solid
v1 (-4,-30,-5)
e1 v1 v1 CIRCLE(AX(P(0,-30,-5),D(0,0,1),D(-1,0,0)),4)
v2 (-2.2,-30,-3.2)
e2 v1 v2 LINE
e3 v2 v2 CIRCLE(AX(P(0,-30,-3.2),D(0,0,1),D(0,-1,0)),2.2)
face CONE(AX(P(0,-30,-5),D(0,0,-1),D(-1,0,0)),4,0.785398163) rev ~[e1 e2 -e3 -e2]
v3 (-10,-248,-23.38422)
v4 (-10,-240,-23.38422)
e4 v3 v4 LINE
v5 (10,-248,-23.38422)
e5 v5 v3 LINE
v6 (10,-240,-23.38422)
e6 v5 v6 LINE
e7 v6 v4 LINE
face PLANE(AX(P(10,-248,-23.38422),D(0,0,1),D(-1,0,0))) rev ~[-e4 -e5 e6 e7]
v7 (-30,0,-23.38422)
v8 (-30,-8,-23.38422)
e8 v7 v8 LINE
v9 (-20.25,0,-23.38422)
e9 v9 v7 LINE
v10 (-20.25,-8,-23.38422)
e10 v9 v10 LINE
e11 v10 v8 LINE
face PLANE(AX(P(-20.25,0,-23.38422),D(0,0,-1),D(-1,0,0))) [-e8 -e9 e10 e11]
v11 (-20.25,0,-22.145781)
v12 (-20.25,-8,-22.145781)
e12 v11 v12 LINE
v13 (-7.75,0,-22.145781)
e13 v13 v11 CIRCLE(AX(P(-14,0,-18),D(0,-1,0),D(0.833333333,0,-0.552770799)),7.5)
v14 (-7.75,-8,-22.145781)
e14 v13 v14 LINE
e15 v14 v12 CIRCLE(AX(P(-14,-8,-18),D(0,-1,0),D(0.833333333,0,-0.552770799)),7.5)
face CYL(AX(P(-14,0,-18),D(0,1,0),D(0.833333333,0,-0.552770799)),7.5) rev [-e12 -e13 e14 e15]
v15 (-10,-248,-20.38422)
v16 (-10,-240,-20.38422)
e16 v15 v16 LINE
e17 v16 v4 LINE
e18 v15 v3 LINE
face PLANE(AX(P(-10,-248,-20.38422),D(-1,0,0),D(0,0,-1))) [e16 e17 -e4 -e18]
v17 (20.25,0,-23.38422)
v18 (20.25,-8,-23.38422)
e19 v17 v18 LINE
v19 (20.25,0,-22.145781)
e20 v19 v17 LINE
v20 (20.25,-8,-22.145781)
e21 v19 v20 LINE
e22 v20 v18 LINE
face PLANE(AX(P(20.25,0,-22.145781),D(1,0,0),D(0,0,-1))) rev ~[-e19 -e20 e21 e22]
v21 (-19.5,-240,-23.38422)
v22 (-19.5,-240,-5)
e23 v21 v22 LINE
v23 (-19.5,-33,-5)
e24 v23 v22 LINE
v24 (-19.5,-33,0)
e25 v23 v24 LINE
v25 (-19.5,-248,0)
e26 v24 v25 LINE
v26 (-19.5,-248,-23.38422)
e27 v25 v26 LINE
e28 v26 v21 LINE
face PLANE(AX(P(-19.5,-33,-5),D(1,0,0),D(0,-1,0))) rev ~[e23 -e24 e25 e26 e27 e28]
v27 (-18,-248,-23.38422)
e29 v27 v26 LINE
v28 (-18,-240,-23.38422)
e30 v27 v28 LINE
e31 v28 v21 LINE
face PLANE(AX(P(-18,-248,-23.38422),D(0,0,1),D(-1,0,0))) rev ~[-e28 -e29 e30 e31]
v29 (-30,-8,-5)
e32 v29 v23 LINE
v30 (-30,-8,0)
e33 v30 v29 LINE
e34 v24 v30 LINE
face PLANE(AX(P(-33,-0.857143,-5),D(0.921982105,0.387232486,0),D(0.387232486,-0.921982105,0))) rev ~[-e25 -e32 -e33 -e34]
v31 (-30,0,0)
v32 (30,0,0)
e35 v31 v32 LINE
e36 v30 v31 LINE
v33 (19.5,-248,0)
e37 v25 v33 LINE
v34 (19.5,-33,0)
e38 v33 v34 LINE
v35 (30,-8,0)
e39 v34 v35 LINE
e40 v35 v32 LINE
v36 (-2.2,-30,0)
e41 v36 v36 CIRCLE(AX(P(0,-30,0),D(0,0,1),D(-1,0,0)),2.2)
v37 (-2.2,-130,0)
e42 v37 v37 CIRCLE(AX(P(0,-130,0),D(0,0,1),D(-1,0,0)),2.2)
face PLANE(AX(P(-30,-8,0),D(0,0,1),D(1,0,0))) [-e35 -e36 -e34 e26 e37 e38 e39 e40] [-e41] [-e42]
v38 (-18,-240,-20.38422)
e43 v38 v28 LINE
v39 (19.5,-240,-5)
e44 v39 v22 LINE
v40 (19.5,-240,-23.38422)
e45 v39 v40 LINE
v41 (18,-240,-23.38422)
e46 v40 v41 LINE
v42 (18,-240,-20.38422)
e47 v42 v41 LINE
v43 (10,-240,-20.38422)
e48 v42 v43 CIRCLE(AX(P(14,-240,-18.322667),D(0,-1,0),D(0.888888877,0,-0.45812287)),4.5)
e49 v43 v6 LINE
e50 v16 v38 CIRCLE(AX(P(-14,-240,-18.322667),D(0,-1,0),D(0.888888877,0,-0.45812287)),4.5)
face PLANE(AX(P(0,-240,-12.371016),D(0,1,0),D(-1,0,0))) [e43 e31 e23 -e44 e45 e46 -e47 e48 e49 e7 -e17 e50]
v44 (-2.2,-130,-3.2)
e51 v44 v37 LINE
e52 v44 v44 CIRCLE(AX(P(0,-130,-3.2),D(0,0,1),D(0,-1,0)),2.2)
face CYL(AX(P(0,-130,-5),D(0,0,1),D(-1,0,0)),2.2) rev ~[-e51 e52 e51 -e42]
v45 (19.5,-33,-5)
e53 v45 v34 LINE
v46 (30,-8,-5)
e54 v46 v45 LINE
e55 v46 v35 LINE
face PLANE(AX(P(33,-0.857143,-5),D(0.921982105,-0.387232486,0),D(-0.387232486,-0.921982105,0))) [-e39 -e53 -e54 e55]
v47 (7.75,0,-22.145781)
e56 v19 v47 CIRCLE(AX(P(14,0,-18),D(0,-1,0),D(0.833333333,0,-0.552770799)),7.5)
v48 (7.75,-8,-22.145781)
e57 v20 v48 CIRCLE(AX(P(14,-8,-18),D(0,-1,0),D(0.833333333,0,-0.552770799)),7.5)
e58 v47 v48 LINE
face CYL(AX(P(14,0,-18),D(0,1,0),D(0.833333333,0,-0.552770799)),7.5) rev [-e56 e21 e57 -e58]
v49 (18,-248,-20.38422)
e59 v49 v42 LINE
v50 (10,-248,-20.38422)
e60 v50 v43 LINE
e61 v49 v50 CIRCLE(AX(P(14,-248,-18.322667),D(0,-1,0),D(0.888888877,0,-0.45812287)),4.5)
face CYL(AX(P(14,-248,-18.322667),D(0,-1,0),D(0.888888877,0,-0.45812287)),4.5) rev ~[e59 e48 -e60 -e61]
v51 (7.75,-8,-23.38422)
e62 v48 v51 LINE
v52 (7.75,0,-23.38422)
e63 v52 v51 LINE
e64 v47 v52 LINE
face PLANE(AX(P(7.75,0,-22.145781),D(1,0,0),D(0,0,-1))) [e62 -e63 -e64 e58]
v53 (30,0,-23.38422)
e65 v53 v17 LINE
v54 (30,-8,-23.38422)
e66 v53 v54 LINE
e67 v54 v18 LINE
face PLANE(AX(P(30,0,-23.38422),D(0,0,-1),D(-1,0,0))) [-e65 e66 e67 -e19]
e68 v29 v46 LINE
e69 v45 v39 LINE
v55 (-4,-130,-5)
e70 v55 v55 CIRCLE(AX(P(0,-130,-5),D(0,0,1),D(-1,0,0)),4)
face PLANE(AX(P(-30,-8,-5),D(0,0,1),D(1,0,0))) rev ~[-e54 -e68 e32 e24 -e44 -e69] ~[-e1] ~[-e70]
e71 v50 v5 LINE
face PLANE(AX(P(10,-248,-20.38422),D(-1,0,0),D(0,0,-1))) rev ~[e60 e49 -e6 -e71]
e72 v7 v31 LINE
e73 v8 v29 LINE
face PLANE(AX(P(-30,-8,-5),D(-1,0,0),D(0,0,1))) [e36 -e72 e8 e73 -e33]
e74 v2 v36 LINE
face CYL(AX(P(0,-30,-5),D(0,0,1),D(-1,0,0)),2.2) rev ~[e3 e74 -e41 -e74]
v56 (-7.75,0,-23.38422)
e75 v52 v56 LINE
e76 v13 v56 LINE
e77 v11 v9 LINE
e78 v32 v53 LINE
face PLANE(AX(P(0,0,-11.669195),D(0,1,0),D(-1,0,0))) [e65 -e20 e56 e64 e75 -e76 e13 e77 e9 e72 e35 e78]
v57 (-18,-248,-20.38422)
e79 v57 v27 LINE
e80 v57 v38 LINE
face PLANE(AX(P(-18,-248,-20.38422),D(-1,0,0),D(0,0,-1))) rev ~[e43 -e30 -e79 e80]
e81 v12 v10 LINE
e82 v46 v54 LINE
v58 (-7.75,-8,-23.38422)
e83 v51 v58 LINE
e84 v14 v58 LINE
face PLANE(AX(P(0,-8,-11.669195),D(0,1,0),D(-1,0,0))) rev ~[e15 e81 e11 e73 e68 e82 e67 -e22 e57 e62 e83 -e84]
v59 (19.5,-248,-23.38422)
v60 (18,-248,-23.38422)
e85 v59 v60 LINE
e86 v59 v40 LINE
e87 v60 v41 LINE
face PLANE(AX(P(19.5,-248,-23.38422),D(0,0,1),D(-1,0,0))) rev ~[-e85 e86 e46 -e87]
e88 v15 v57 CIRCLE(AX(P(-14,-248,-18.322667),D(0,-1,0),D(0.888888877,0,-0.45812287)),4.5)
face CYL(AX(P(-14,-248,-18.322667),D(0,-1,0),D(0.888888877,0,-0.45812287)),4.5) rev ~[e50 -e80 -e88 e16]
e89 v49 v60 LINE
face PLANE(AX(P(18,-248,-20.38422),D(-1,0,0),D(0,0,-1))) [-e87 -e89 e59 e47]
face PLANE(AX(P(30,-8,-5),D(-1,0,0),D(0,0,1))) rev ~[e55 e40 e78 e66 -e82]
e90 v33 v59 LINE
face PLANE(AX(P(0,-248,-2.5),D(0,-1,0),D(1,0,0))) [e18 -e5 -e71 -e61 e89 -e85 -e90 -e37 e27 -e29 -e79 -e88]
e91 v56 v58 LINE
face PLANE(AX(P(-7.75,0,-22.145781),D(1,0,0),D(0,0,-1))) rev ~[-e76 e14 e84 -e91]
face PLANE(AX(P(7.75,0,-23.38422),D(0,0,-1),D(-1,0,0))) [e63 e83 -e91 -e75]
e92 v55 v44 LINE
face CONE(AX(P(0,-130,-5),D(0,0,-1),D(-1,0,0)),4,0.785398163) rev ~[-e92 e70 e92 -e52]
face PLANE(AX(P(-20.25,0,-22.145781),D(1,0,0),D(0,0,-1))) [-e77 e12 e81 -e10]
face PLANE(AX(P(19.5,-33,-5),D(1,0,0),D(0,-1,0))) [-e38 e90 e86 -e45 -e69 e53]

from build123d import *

# Parameters (mm, degrees)
PAD_DEPTH        = 8
SKETCH001_W      = 60
SKETCH001_H      = 5
PAD001_DEPTH     = 240
POCKET_DEPTH     = 5.001
POCKET001_DEPTH  = 5.001
PAD002_DEPTH     = 8
HOLE_D           = 4.4
HOLE_CSINK_D     = 8
HOLE_CSINK_ANGLE = 90


with BuildPart() as part:
    # Sketch → Pad (new body)
    with BuildSketch(Plane.XZ):
        with BuildLine():
            Line((-30, 0), (30, 0))
            Line((30, 0), (30, -23.38422))
            Line((30, -23.38422), (20.25, -23.38422))
            Line((20.25, -22.145781), (20.25, -23.38422))
            ThreePointArc((20.25, -22.145781), (14, -10.5), (7.75, -22.145781))
            Line((7.75, -22.145781), (7.75, -23.38422))
            Line((7.75, -23.38422), (-7.75, -23.38422))
            Line((-7.75, -22.145781), (-7.75, -23.38422))
            ThreePointArc((-7.75, -22.145781), (-14, -10.5), (-20.25, -22.145781))
            Line((-20.25, -22.145781), (-20.25, -23.38422))
            Line((-20.25, -23.38422), (-30, -23.38422))
            Line((-30, -23.38422), (-30, 0))
        make_face()
    extrude(amount=PAD_DEPTH)

    # Sketch001 (on Face14 of Pad) → Pad001 (join)
    with BuildSketch(Plane.XZ.offset(8)):
        with Locations((0, -2.5)):
            Rectangle(SKETCH001_W, SKETCH001_H)
    extrude(amount=PAD001_DEPTH)

    # Sketch002 (on Face15 of Pad001) → Pocket (cut, through all)
    with BuildSketch(Plane(origin=(0, 0, -5), x_dir=(1, 0, 0), z_dir=(0, 0, -1))):
        Polygon((-19.5, 251), (-33, 251), (-33, 0.857143), (-19.5, 33), align=None)
    extrude(amount=-POCKET_DEPTH, mode=Mode.SUBTRACT)

    # Sketch003 (on Face15 of Pocket) → Pocket001 (cut, through all)
    with BuildSketch(Plane(origin=(0, 0, -5), x_dir=(1, 0, 0), z_dir=(0, 0, -1))):
        Polygon((19.5, 251), (33, 251), (33, 0.857143), (19.5, 33), align=None)
    extrude(amount=-POCKET001_DEPTH, mode=Mode.SUBTRACT)

    # Sketch004 (on Face20 of Pocket001) → Pad002 (join)
    with BuildSketch(Plane.XZ.offset(248)):
        with BuildLine():
            Line((-19.5, 0), (19.5, 0))
            Line((19.5, 0), (19.5, -23.38422))
            Line((19.5, -23.38422), (18, -23.38422))
            Line((18, -20.38422), (18, -23.38422))
            ThreePointArc((18, -20.38422), (14, -13.822667), (10, -20.38422))
            Line((10, -20.38422), (10, -23.38422))
            Line((10, -23.38422), (-10, -23.38422))
            Line((-10, -20.38422), (-10, -23.38422))
            ThreePointArc((-10, -20.38422), (-14, -13.822667), (-18, -20.38422))
            Line((-18, -20.38422), (-18, -23.38422))
            Line((-18, -23.38422), (-19.5, -23.38422))
            Line((-19.5, -23.38422), (-19.5, 0))
        make_face()
    extrude(amount=-PAD002_DEPTH)

    # Hole (through all)
    with Locations(Plane(origin=(0, 0, -5), x_dir=(1, 0, 0), z_dir=(0, 0, -1))):
        with Locations((0, 30), (0, 130)):
            CounterSinkHole(HOLE_D / 2, HOLE_CSINK_D / 2, counter_sink_angle=HOLE_CSINK_ANGLE)


solid = part.part
